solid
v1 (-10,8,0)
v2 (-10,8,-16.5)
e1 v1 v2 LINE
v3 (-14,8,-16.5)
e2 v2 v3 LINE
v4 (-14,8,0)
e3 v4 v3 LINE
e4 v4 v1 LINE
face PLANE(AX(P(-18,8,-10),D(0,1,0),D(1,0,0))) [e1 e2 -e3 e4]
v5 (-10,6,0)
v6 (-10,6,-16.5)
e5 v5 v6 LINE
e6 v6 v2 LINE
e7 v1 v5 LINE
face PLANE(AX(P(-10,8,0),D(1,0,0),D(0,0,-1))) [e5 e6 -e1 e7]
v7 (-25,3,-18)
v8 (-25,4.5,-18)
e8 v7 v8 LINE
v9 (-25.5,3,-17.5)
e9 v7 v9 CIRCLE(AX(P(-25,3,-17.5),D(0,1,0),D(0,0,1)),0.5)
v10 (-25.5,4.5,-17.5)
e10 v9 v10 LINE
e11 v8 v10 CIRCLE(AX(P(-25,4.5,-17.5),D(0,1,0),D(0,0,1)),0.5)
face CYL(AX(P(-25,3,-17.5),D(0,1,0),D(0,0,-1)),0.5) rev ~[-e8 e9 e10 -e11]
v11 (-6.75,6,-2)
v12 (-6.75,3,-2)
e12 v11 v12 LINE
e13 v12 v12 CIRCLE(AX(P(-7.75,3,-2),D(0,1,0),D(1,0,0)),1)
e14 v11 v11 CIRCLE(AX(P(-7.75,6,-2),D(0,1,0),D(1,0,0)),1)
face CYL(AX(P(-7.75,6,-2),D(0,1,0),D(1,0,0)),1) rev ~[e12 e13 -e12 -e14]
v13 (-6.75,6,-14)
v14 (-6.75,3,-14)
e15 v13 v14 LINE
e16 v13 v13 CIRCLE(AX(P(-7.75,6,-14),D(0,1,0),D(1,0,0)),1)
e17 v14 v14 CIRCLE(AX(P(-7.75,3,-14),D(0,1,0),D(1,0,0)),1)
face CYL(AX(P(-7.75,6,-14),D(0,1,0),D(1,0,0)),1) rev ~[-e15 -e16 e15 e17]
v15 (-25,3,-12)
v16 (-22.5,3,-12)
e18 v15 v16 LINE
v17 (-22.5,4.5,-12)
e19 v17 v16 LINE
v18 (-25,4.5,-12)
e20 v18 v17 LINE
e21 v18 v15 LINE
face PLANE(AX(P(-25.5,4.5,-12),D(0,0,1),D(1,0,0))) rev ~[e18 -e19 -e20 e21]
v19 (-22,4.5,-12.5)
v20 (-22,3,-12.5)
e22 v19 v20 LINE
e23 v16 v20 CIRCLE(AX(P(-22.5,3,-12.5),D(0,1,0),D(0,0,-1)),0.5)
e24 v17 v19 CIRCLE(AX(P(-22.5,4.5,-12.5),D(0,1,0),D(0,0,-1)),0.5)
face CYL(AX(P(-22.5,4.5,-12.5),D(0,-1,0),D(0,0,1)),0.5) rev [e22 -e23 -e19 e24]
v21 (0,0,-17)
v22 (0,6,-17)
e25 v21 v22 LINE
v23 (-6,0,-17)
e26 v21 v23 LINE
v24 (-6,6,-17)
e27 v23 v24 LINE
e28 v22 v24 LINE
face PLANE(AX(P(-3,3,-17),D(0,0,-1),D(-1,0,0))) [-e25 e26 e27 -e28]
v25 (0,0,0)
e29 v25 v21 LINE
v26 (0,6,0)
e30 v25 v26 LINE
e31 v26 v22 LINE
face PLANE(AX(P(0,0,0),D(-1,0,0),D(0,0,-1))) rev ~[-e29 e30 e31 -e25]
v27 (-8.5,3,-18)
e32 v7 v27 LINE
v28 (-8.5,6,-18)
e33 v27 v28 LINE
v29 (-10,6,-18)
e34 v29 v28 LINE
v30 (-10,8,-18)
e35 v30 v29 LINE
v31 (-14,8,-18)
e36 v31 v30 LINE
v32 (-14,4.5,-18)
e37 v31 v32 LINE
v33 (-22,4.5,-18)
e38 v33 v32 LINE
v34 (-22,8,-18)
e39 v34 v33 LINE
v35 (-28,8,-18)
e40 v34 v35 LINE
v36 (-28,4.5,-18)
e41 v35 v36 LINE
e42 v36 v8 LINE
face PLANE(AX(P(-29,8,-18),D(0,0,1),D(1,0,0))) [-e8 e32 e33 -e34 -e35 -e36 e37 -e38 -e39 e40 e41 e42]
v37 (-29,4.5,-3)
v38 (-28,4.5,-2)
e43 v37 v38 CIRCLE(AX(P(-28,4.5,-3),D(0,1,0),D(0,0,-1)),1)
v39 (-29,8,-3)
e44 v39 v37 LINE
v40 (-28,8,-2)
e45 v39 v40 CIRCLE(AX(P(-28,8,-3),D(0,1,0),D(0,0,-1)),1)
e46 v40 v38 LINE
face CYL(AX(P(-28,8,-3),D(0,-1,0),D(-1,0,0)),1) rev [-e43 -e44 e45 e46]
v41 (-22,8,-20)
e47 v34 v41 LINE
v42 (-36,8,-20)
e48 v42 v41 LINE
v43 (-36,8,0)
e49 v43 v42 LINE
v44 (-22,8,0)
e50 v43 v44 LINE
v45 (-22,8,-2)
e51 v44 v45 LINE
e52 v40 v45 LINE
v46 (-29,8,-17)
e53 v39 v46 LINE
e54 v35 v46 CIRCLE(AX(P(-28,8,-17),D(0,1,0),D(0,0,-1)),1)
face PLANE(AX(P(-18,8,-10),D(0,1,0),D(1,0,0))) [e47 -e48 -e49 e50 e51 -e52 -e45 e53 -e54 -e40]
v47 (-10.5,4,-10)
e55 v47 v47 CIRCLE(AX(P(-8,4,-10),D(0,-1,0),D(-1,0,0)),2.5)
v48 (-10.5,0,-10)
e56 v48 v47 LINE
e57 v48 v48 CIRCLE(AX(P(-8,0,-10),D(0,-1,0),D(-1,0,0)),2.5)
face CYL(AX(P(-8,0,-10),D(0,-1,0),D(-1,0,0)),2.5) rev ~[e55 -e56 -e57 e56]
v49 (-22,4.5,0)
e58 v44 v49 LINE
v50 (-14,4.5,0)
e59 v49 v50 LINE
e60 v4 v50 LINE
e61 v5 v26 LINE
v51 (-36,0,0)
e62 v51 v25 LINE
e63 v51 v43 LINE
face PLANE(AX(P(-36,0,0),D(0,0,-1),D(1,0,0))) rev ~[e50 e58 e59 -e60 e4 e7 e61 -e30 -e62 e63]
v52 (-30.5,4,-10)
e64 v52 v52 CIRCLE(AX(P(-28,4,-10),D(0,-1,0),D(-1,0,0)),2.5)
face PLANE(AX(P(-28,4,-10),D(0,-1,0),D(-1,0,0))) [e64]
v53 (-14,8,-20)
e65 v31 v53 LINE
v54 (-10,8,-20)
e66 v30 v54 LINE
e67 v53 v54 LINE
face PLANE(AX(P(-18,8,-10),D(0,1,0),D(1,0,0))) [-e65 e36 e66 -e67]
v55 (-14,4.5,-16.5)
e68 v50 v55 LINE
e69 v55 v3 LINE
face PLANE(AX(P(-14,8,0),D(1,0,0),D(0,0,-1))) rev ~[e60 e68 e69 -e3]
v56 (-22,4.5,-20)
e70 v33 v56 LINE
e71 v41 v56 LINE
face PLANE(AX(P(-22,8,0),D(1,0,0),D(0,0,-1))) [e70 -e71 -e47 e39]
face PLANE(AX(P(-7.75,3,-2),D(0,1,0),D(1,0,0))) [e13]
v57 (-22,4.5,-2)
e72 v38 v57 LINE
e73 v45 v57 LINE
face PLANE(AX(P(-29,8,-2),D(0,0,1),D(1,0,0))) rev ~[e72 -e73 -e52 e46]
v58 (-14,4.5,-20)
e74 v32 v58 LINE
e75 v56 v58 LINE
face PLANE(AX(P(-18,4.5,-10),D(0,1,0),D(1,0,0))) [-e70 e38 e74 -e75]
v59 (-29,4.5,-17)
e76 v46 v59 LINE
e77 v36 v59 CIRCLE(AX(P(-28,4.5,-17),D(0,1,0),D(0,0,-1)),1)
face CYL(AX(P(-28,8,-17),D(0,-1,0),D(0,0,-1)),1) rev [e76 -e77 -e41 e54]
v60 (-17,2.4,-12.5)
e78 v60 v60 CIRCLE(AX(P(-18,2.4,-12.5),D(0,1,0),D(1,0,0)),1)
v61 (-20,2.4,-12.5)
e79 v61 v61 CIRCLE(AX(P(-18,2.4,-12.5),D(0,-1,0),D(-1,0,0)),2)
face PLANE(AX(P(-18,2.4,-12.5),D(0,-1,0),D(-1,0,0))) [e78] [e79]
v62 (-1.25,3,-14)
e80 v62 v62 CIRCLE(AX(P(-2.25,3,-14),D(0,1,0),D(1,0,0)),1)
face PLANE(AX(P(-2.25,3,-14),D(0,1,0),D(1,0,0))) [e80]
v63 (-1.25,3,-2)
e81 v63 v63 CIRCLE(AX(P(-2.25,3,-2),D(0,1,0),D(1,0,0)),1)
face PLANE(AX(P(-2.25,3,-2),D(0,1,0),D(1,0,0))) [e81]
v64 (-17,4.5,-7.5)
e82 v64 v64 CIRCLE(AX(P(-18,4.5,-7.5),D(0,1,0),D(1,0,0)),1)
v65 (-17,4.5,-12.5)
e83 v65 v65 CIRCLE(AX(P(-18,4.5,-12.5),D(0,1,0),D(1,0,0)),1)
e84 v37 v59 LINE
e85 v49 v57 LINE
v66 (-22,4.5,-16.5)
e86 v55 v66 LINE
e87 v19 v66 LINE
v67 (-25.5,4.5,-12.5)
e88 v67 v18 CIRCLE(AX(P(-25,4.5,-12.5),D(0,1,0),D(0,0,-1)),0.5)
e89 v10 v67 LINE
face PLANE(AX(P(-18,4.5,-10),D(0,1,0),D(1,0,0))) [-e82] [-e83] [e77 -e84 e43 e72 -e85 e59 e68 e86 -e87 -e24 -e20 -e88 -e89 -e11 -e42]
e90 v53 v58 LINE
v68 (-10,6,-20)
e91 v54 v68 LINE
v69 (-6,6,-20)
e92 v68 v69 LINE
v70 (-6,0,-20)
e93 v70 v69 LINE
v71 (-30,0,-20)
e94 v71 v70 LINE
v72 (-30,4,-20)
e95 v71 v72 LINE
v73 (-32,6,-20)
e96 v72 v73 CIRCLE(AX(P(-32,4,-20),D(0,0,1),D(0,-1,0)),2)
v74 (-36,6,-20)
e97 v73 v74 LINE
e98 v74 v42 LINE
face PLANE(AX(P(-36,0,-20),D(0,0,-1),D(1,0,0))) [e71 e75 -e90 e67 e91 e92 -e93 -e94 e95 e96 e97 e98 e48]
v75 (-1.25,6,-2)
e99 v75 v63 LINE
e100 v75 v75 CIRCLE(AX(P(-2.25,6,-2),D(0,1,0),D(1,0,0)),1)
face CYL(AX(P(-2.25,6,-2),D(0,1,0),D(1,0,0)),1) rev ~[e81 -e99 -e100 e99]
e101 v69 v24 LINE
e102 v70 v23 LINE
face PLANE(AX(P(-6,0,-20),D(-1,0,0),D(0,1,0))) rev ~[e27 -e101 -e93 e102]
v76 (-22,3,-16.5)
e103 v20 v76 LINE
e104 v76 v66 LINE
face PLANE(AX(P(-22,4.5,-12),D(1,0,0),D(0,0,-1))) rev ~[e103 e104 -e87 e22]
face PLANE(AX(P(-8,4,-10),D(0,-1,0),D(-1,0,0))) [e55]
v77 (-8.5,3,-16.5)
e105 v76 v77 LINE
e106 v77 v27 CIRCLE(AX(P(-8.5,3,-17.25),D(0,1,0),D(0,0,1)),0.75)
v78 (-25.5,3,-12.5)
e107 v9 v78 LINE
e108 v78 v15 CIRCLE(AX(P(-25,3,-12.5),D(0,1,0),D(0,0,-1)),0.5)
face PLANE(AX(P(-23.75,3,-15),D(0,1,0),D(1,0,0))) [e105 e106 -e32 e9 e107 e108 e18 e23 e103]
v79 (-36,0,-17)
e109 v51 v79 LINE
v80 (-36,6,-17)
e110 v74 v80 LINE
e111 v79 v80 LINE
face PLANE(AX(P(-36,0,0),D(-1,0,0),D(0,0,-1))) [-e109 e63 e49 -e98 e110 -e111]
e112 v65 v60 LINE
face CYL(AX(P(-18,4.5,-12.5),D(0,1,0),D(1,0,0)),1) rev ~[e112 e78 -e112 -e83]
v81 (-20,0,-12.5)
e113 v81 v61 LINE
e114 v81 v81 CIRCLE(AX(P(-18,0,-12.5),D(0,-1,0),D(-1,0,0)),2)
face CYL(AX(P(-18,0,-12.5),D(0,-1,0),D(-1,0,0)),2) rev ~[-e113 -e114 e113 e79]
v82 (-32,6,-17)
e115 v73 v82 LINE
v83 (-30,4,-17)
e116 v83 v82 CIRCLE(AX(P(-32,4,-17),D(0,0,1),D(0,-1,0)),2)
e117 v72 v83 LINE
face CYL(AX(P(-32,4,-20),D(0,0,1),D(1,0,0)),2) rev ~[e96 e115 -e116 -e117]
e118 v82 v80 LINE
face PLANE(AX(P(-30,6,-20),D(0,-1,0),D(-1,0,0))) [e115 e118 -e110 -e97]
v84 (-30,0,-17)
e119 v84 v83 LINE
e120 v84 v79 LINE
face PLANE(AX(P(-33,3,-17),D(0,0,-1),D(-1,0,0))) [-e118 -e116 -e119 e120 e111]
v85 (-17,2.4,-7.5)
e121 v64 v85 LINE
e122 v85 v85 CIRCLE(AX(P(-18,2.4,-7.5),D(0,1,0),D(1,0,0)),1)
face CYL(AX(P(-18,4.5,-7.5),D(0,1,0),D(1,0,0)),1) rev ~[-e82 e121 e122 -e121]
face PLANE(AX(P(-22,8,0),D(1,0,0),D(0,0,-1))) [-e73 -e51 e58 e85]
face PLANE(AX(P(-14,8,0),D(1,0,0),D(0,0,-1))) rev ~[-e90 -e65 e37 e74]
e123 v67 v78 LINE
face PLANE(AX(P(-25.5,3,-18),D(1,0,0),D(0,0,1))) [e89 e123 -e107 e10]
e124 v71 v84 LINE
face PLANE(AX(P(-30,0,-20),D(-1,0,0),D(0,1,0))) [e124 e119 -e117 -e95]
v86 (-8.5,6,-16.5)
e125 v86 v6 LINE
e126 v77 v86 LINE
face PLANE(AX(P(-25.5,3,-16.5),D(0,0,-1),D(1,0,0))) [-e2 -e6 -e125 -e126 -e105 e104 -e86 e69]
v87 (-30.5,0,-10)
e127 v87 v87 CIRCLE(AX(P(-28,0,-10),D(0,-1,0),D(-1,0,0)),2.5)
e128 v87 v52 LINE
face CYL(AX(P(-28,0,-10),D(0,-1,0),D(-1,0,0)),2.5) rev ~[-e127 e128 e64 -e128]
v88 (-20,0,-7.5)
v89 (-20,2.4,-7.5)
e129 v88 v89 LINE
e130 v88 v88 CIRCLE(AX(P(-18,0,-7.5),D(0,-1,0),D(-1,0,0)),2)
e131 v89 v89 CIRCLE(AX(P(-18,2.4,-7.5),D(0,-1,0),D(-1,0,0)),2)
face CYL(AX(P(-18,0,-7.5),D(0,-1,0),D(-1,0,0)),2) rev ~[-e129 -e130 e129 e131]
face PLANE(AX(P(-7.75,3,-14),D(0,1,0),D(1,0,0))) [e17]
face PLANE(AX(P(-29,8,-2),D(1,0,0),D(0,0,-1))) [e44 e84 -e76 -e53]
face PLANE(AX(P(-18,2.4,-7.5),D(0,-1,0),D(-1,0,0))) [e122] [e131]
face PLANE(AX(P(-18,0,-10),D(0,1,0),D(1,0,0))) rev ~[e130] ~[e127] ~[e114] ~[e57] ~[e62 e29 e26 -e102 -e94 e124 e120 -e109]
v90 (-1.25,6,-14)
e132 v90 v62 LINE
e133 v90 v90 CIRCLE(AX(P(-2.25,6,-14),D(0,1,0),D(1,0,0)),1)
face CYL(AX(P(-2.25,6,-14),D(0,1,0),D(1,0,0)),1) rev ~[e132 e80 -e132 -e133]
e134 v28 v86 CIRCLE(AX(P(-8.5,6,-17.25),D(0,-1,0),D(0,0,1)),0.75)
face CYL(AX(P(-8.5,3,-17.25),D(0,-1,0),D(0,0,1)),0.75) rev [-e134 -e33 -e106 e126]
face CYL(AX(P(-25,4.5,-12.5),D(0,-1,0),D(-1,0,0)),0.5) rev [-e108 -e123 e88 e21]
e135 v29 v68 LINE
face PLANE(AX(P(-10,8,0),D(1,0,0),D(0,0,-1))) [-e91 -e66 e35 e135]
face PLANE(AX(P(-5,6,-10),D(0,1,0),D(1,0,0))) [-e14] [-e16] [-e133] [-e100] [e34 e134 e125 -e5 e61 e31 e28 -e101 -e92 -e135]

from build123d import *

# Parameters (mm, degrees)
SKETCH_1_W           = 36
SKETCH_1_H           = 20
EXTRUDE_1_DEPTH      = 8
SKETCH_2_W           = 8
SKETCH_2_H           = 20
CUT_EXTRUDE_1_DEPTH  = 3.5
SKETCH_3_R           = 2.5
CUT_EXTRUDE_2_DEPTH  = 4
SKETCH_5_W           = 7
SKETCH_5_H           = 16
CUT_EXTRUDE_4_DEPTH  = 3.5
FILLET_1_R           = 1
SKETCH_6_R           = 1
CUT_EXTRUDE_5_DEPTH  = 5.5
SKETCH_7_W           = 10
SKETCH_7_H           = 20
CUT_EXTRUDE_6_DEPTH  = 2
SKETCH_9_R           = 1
CUT_EXTRUDE_10_DEPTH = 3
SKETCH_10_R          = 2
CUT_EXTRUDE_11_DEPTH = 2.4
SKETCH_11_W          = 6
SKETCH_11_H          = 6
CUT_EXTRUDE_15_DEPTH = 3
SKETCH_14_W          = 3.5
SKETCH_14_H          = 6
CUT_EXTRUDE_17_DEPTH = 1.5
FILLET_4_R           = 0.5
CUT_EXTRUDE_18_DEPTH = 28
FILLET_5_R           = 0.5
FILLET_6_R           = 2


with BuildPart() as part:
    # 草图1 → 凸台-拉伸1 (new body)
    with BuildSketch(Plane(origin=(0, 0, 0), x_dir=(1, 0, 0), z_dir=(0, 1, 0))):
        with Locations((-18, 10)):
            Rectangle(SKETCH_1_W, SKETCH_1_H)
    extrude(amount=EXTRUDE_1_DEPTH)

    # 草图2 → 切除-拉伸1 (cut)
    with BuildSketch(Plane(origin=(0, 8, 0), x_dir=(1, 0, 0), z_dir=(0, 1, 0))):
        with Locations((-18, 10)):
            Rectangle(SKETCH_2_W, SKETCH_2_H)
    extrude(amount=-CUT_EXTRUDE_1_DEPTH, mode=Mode.SUBTRACT)

    # 草图3 → 切除-拉伸2 (cut)
    with BuildSketch(Plane(origin=(0, 0, 0), x_dir=(-1, 0, 0), z_dir=(0, -1, 0))):
        with Locations((8, 10)):
            Circle(SKETCH_3_R)
        with Locations((28, 10)):
            Circle(SKETCH_3_R)
    extrude(amount=-CUT_EXTRUDE_2_DEPTH, mode=Mode.SUBTRACT)

    # 草图5 → 切除-拉伸4 (cut)
    with BuildSketch(Plane(origin=(0, 8, 0), x_dir=(1, 0, 0), z_dir=(0, 1, 0))):
        with Locations((-25.5, 10)):
            Rectangle(SKETCH_5_W, SKETCH_5_H)
    extrude(amount=-CUT_EXTRUDE_4_DEPTH, mode=Mode.SUBTRACT)

    # 圆角1
    fillet_1_edges = [part.edges().sort_by_distance(p)[0] for p in [
        (-29, 6.25, -2),
        (-29, 6.25, -18),
    ]]
    fillet(fillet_1_edges, radius=FILLET_1_R)

    # 草图6 → 切除-拉伸5 (cut, through all)
    with BuildSketch(Plane(origin=(0, 4.5, 0), x_dir=(1, 0, 0), z_dir=(0, 1, 0))):
        with Locations((-18, 12.5)):
            Circle(SKETCH_6_R)
        with Locations((-18, 7.5)):
            Circle(SKETCH_6_R)
    extrude(amount=-CUT_EXTRUDE_5_DEPTH, mode=Mode.SUBTRACT)

    # 草图7 → 切除-拉伸6 (cut)
    with BuildSketch(Plane(origin=(0, 8, 0), x_dir=(1, 0, 0), z_dir=(0, 1, 0))):
        with Locations((-5, 10)):
            Rectangle(SKETCH_7_W, SKETCH_7_H)
    extrude(amount=-CUT_EXTRUDE_6_DEPTH, mode=Mode.SUBTRACT)

    # 草图9 → 切除-拉伸10 (cut)
    with BuildSketch(Plane(origin=(0, 6, 0), x_dir=(1, 0, 0), z_dir=(0, 1, 0))):
        with Locations((-2.25, 2)):
            Circle(SKETCH_9_R)
        with Locations((-7.75, 2)):
            Circle(SKETCH_9_R)
        with Locations((-2.25, 14)):
            Circle(SKETCH_9_R)
        with Locations((-7.75, 14)):
            Circle(SKETCH_9_R)
    extrude(amount=-CUT_EXTRUDE_10_DEPTH, mode=Mode.SUBTRACT)

    # 草图10 → 切除-拉伸11 (cut)
    with BuildSketch(Plane(origin=(0, 0, 0), x_dir=(-1, 0, 0), z_dir=(0, -1, 0))):
        with Locations((18, 12.5)):
            Circle(SKETCH_10_R)
        with Locations((18, 7.5)):
            Circle(SKETCH_10_R)
    extrude(amount=-CUT_EXTRUDE_11_DEPTH, mode=Mode.SUBTRACT)

    # 草图11 → 切除-拉伸15 (cut)
    with BuildSketch(Plane(origin=(0, 0, -20), x_dir=(-1, 0, 0), z_dir=(0, 0, -1))):
        with Locations((3, 3)):
            Rectangle(SKETCH_11_W, SKETCH_11_H)
        with Locations((33, 3)):
            Rectangle(SKETCH_11_W, SKETCH_11_H)
    extrude(amount=-CUT_EXTRUDE_15_DEPTH, mode=Mode.SUBTRACT)

    # 草图14 → 切除-拉伸17 (cut)
    with BuildSketch(Plane(origin=(0, 4.5, 0), x_dir=(1, 0, 0), z_dir=(0, 1, 0))):
        with Locations((-23.75, 15)):
            Rectangle(SKETCH_14_W, SKETCH_14_H)
    extrude(amount=-CUT_EXTRUDE_17_DEPTH, mode=Mode.SUBTRACT)

    # 圆角4
    fillet_4_edges = [part.edges().sort_by_distance(p)[0] for p in [
        (-22, 3.75, -18),
        (-22, 3.75, -12),
        (-25.5, 3.75, -12),
        (-25.5, 3.75, -18),
    ]]
    fillet(fillet_4_edges, radius=FILLET_4_R)

    # 草图15 → 切除-拉伸18 (cut)
    with BuildSketch(Plane(origin=(0, 3, 0), x_dir=(1, 0, 0), z_dir=(0, 1, 0))):
        with BuildLine():
            Line((-25.5, 16.5), (-8.5, 16.5))
            ThreePointArc((-8.5, 16.5), (-7.75, 17.25), (-8.5, 18))
            Line((-8.5, 18), (-25.5, 18))
            Line((-25.5, 18), (-25.5, 16.5))
        make_face()
    extrude(amount=CUT_EXTRUDE_18_DEPTH, mode=Mode.SUBTRACT)

    # 圆角5
    fillet_5_edges = [part.edges().sort_by_distance(p)[0] for p in [
        (-25.5, 3.75, -18),
    ]]
    fillet(fillet_5_edges, radius=FILLET_5_R)

    # 圆角6
    fillet_6_edges = [part.edges().sort_by_distance(p)[0] for p in [
        (-30, 6, -18.5),
    ]]
    fillet(fillet_6_edges, radius=FILLET_6_R)


solid = part.part
